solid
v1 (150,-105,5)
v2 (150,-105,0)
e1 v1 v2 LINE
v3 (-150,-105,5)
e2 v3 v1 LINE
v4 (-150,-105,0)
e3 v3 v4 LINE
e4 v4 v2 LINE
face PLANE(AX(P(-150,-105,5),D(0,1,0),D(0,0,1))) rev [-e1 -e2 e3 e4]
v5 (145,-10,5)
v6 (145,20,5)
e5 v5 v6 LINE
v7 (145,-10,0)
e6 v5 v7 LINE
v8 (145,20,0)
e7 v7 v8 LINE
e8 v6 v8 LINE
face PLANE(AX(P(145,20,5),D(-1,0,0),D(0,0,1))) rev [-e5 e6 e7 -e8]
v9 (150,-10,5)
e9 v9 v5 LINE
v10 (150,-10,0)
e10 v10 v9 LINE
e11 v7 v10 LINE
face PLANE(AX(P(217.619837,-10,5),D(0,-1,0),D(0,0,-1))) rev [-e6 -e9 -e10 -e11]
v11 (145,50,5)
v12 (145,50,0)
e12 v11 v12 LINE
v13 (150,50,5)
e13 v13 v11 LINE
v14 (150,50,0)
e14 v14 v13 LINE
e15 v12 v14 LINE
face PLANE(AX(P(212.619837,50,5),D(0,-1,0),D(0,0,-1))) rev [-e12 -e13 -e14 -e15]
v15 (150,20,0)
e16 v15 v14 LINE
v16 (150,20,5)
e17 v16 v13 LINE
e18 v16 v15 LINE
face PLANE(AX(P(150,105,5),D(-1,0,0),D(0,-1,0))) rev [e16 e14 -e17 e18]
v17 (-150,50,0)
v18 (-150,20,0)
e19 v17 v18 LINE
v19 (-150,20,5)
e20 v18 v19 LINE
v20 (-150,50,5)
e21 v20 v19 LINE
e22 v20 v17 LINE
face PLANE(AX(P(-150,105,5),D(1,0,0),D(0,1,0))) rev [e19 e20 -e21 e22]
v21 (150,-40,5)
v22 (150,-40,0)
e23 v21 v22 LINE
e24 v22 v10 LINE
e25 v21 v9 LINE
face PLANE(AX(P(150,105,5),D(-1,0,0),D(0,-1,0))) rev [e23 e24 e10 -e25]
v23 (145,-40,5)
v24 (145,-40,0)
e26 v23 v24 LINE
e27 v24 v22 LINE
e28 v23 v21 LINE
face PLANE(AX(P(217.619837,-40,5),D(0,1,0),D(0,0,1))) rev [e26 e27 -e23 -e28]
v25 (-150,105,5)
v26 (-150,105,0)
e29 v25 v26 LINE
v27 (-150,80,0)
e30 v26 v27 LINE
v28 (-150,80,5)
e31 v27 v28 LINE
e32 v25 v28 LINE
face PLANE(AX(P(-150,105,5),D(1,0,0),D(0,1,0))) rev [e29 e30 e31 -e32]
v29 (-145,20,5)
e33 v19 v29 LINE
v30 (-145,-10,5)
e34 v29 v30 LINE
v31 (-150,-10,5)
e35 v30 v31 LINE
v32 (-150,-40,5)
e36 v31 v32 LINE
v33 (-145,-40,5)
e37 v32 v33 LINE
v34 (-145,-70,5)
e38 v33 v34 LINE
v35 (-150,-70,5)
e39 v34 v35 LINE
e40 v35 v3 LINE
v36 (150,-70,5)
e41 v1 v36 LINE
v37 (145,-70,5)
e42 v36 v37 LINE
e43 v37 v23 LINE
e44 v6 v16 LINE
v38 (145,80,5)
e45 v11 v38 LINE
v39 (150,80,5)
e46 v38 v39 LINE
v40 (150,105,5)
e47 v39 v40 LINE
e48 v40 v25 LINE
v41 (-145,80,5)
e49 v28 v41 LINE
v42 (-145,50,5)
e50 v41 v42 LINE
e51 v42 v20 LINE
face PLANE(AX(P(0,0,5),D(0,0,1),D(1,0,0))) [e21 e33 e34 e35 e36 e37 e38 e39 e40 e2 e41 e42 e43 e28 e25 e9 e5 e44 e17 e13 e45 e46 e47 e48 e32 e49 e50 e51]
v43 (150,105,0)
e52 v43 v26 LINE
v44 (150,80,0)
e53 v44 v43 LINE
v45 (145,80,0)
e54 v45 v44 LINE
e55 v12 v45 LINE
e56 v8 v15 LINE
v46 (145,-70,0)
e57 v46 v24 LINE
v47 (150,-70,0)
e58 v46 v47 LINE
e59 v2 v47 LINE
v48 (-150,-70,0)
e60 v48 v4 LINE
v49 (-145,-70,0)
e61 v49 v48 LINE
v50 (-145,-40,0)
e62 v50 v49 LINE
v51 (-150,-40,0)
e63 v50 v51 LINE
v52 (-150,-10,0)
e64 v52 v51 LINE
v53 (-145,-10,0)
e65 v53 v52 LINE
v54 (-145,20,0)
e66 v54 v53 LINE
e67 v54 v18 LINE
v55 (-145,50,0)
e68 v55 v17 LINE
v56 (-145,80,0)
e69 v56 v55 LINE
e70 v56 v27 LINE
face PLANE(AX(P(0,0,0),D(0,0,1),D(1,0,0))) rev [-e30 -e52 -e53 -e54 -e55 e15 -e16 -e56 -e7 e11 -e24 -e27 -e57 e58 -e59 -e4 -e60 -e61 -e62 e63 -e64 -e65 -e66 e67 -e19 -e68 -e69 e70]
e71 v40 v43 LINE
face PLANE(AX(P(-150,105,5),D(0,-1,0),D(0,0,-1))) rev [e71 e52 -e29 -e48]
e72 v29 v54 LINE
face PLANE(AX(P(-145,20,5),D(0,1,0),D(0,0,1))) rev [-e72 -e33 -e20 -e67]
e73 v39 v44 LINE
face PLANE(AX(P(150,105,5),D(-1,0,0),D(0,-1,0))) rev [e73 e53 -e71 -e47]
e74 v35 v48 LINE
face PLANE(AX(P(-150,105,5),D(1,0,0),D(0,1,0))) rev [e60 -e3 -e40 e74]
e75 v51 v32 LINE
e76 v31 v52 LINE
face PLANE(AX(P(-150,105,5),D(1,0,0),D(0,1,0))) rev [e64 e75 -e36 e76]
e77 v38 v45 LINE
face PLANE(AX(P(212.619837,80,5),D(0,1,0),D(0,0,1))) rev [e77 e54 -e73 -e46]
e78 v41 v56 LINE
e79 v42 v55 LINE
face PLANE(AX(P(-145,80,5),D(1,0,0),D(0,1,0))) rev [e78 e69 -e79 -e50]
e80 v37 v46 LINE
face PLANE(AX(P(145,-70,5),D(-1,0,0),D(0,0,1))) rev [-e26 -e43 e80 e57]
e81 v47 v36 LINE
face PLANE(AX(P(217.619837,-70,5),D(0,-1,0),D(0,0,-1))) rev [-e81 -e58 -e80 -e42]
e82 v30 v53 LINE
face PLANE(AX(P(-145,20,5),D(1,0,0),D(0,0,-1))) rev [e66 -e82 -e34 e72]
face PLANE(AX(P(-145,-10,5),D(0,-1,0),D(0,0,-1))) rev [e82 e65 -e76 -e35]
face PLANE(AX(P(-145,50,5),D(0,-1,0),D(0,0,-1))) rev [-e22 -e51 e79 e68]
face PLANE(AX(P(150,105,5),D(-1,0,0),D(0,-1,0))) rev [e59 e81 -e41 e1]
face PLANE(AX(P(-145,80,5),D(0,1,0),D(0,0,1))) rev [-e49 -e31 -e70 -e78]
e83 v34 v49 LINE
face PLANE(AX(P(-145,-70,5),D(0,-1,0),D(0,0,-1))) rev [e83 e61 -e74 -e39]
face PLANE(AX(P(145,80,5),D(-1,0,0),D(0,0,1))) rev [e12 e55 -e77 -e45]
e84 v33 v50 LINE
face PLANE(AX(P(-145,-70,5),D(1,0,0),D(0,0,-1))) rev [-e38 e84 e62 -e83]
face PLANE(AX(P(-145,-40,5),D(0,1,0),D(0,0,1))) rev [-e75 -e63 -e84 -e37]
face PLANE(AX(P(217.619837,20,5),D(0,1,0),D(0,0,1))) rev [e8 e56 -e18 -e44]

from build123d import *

# Parameters (mm, degrees)
SKETCH1_W           = 300
SKETCH1_H           = 210
BOSS_EXTRUDE1_DEPTH = 5
SKETCH2_W           = 67.619836516
SKETCH2_H           = 30
SKETCH2_W_2         = 72.619836516
SKETCH2_W_3         = 53.212613818
CUT_EXTRUDE1_DEPTH  = 6


with BuildPart() as part:
    # Sketch1 → Boss-Extrude1 (new body)
    with BuildSketch(Plane.XY):
        Rectangle(SKETCH1_W, SKETCH1_H)
    extrude(amount=BOSS_EXTRUDE1_DEPTH)

    # Sketch2 → Cut-Extrude1 (cut, through all)
    with BuildSketch(Plane(origin=(0, 0, 0), x_dir=(-1, 0, 0), z_dir=(0, 0, -1))):
        with Locations((-178.809918258, 65)):
            Rectangle(SKETCH2_W, SKETCH2_H)
        with Locations((-181.309918258, 5)):
            Rectangle(SKETCH2_W_2, SKETCH2_H)
        with Locations((-181.309918258, -55)):
            Rectangle(SKETCH2_W_2, SKETCH2_H)
        with Locations((171.606306909, 65)):
            Rectangle(SKETCH2_W_3, SKETCH2_H)
        with Locations((181.309918258, 5)):
            Rectangle(SKETCH2_W_2, SKETCH2_H)
        with Locations((181.309918258, -55)):
            Rectangle(SKETCH2_W_2, SKETCH2_H)
    extrude(amount=-CUT_EXTRUDE1_DEPTH, mode=Mode.SUBTRACT)


solid = part.part
